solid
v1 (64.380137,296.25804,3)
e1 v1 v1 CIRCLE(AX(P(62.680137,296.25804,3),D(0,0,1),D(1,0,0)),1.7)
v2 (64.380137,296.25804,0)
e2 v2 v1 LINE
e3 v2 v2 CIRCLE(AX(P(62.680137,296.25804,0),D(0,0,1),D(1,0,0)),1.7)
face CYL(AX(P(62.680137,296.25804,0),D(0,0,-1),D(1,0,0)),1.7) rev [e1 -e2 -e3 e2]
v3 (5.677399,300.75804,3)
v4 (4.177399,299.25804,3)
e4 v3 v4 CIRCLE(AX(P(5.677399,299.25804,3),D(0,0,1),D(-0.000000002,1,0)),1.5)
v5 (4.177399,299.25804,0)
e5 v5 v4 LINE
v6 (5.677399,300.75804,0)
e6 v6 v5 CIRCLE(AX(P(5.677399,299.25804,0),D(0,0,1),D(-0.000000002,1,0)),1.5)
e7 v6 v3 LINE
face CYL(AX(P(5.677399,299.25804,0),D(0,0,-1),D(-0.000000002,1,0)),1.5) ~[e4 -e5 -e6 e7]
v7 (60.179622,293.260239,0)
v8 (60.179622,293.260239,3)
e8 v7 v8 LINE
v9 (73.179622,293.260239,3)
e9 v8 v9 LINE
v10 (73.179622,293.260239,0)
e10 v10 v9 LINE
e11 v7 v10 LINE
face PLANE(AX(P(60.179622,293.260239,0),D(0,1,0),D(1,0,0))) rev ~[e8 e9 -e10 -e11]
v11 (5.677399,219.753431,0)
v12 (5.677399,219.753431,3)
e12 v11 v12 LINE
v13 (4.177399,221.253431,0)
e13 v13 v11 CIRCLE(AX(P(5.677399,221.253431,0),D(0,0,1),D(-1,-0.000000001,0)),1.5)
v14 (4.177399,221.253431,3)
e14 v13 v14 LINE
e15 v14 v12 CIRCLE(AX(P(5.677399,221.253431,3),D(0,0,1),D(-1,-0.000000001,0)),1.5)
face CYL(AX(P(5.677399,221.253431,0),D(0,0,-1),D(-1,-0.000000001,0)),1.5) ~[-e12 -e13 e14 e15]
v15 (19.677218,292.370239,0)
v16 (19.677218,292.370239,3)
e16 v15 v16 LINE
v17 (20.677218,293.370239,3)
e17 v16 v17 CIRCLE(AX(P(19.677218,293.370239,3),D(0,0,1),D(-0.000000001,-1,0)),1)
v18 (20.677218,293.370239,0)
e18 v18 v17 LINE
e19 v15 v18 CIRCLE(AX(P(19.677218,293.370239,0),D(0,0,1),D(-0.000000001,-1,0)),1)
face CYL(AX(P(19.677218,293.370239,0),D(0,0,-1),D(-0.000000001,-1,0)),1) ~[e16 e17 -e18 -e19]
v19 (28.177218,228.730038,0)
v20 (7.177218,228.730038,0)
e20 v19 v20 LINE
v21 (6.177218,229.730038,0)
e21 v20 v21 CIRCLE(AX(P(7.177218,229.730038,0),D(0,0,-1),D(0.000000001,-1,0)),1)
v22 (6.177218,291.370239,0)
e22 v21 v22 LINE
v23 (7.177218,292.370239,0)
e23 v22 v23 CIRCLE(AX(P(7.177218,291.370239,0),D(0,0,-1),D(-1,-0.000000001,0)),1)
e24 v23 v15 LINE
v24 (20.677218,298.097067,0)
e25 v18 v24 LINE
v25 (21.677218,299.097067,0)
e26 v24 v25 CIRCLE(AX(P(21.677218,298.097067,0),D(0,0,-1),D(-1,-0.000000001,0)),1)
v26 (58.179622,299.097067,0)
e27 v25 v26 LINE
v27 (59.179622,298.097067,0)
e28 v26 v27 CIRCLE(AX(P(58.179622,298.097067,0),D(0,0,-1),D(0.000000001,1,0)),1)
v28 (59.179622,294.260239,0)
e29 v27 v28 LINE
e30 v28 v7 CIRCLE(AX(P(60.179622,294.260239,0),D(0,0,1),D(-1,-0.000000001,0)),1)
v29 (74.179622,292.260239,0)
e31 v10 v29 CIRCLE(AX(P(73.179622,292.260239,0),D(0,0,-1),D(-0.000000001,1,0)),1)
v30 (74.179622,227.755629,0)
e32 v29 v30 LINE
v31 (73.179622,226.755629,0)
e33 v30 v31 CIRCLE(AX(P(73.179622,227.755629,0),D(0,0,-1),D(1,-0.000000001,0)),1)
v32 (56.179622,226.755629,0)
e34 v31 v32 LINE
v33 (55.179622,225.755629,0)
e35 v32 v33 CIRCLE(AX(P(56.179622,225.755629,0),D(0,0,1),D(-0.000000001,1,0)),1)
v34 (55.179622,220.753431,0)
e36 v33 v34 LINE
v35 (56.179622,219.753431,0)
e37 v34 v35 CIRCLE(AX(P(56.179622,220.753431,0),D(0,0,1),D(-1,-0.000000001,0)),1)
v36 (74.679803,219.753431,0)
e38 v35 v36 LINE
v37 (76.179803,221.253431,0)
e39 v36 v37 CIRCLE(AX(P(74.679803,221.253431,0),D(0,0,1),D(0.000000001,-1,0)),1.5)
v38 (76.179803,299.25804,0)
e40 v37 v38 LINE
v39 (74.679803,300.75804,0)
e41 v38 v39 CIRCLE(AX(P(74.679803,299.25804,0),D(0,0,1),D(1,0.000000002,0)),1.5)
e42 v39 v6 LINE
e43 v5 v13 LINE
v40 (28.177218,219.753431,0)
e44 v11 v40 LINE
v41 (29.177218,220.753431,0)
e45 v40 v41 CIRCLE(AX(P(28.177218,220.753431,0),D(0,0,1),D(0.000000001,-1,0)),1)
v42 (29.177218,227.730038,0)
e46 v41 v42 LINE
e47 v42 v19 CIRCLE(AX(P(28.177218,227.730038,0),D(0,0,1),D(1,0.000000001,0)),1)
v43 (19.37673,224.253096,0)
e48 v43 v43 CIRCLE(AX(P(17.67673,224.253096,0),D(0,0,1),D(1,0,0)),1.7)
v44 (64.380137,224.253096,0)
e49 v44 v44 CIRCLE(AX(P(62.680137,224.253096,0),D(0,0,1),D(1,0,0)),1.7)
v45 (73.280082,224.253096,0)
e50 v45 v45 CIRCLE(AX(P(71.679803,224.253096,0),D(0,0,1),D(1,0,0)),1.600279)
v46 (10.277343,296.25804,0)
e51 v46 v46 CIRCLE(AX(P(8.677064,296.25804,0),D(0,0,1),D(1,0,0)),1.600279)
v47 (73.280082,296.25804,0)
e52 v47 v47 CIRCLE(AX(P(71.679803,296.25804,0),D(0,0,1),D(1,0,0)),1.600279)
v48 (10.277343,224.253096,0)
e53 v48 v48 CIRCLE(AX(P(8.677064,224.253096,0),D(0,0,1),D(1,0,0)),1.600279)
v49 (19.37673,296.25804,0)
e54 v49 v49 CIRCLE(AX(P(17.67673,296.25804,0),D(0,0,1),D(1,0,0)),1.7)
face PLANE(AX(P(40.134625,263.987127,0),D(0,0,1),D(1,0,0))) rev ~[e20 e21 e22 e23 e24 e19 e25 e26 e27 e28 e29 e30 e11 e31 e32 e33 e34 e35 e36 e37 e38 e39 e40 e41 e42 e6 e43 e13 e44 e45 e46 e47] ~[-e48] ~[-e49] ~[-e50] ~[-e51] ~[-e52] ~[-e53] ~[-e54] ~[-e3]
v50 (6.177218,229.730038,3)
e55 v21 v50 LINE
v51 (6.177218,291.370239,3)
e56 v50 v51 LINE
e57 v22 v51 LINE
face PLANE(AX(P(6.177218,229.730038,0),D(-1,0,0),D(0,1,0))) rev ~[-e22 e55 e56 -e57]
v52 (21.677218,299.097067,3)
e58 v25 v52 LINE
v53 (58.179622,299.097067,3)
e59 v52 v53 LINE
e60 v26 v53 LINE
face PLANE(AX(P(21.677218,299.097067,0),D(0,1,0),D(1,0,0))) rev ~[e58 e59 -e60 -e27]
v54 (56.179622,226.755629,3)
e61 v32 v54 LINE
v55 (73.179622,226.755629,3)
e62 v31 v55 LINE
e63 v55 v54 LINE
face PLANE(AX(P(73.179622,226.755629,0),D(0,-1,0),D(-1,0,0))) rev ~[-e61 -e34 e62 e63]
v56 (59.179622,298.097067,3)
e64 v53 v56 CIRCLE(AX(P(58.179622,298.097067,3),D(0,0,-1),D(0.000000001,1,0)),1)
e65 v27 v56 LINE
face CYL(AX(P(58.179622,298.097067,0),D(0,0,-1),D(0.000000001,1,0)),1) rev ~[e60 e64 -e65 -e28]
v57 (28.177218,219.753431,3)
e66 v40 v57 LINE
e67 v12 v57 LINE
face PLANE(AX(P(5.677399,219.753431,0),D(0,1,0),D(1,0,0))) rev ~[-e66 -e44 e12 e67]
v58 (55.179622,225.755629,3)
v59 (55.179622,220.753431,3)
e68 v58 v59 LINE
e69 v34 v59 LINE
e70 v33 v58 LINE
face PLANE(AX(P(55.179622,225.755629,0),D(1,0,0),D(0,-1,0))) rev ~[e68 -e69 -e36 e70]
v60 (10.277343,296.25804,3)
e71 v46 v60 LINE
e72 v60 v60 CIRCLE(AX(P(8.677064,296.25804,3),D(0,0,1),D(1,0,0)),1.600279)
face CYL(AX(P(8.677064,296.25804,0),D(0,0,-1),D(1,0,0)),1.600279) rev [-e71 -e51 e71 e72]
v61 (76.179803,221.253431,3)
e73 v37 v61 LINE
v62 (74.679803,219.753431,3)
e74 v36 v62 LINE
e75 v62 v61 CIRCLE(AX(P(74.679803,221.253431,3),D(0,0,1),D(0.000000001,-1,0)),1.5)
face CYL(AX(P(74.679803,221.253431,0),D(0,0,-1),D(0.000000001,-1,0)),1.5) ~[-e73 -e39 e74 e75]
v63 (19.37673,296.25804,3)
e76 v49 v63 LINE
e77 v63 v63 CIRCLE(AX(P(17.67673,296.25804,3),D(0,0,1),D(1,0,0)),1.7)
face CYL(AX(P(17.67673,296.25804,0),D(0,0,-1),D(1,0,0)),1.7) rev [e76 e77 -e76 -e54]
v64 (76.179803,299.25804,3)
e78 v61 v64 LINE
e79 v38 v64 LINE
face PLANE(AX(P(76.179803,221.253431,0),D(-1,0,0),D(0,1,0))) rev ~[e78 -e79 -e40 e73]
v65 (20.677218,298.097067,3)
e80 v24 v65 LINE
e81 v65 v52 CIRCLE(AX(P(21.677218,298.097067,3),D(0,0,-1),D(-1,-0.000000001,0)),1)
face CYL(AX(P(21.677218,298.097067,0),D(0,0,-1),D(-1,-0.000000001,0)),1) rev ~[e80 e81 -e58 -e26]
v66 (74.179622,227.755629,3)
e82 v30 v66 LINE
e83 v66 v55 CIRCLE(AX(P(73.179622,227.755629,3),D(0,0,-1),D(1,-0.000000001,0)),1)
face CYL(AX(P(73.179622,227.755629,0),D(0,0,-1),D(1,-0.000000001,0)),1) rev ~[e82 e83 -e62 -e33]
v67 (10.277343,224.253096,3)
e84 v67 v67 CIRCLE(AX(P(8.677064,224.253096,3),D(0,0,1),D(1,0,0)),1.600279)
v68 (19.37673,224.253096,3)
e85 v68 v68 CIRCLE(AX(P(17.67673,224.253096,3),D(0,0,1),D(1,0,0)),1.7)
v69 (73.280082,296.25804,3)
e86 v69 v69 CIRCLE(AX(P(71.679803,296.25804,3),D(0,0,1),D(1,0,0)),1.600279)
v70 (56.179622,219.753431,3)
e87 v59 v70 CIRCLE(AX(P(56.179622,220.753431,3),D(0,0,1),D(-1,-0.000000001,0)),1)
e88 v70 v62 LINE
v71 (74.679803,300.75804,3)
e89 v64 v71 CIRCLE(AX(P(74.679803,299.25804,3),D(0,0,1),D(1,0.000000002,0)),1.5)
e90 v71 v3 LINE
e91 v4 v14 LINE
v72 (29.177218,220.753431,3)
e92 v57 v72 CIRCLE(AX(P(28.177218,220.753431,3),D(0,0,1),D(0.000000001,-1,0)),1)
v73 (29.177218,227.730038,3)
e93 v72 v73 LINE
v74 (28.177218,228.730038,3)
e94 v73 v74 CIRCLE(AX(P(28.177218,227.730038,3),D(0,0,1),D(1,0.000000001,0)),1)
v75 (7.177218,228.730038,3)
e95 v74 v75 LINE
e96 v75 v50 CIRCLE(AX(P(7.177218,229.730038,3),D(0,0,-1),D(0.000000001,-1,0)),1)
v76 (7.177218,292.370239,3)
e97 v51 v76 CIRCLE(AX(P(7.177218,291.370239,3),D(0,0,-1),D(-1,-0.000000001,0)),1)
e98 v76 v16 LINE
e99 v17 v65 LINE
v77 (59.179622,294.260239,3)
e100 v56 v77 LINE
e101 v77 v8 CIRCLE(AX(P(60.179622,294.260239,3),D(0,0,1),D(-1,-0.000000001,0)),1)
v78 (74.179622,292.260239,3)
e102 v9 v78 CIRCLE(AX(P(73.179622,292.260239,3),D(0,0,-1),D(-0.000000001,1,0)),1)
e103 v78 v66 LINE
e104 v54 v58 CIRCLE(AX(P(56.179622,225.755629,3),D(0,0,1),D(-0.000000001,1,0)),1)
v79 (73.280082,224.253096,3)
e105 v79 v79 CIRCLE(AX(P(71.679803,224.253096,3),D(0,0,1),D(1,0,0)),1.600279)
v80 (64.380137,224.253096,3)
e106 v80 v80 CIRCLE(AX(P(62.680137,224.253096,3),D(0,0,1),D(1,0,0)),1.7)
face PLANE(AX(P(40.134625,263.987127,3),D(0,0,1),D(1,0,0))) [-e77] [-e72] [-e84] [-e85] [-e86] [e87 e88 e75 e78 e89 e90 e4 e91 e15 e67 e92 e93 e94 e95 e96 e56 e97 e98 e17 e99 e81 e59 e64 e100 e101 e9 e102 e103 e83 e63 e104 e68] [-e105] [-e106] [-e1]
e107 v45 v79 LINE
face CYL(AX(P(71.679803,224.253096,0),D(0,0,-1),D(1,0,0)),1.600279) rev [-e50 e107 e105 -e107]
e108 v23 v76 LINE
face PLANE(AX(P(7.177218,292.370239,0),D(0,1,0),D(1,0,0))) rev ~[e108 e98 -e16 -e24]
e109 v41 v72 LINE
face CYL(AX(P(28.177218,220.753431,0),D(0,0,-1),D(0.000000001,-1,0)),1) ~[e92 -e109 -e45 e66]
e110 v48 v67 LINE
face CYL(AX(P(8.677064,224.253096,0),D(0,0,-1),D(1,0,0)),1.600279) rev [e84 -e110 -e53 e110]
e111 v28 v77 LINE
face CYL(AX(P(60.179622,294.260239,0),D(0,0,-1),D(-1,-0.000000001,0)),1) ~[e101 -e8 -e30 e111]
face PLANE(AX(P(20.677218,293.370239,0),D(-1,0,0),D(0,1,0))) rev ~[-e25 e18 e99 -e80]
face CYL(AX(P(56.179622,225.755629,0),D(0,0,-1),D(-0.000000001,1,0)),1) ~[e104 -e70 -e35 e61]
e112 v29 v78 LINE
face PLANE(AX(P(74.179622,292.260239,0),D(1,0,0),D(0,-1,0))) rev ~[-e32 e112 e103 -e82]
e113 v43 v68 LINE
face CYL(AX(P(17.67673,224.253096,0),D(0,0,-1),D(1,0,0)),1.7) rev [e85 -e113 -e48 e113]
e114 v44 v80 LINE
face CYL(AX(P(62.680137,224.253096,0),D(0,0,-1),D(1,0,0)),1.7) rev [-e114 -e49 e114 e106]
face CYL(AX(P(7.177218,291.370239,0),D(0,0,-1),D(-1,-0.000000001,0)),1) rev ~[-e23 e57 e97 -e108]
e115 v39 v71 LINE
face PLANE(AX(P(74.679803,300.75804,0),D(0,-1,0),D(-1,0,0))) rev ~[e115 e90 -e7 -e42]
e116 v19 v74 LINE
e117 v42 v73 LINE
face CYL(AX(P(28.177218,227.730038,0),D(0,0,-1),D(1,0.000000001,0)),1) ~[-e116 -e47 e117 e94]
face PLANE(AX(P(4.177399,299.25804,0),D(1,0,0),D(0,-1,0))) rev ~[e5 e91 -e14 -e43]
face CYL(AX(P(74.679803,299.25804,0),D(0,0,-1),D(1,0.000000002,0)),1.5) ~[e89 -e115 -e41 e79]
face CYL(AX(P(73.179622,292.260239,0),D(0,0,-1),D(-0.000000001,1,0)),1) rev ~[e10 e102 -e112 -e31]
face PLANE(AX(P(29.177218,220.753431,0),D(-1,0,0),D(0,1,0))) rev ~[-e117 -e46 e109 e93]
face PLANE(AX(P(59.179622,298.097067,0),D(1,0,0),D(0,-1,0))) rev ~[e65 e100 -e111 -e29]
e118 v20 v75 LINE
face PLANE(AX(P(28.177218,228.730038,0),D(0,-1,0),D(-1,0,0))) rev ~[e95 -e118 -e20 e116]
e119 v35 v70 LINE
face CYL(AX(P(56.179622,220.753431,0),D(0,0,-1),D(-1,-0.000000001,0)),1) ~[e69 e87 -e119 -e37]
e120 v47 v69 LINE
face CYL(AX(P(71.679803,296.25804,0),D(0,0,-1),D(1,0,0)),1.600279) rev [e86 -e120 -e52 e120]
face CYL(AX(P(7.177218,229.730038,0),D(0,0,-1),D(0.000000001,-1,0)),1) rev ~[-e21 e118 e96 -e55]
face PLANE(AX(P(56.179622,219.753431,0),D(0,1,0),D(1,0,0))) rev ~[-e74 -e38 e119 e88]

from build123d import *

# Parameters (mm, degrees)
MODEL_R                 = 1.7
MODEL_R_2               = 1.600279216
SALIENTE_EXTRUIR1_DEPTH = 3


with BuildPart() as part:
    # Model → Saliente-Extruir1 (new body)
    with BuildSketch(Plane.XY):
        with BuildLine():
            Line((74.679802956, 300.758040435), (5.677398721, 300.758040435))
            ThreePointArc((5.677398721, 300.758040435), (4.61673855, 300.318700606), (4.177398721, 299.258040435))
            Line((4.177398721, 299.258040435), (4.177398721, 221.253430577))
            ThreePointArc((4.177398721, 221.253430577), (4.61673855, 220.192770405), (5.677398721, 219.753430577))
            Line((5.677398721, 219.753430577), (28.17721751, 219.753430577))
            ThreePointArc((28.17721751, 219.753430577), (28.884324291, 220.046323796), (29.17721751, 220.753430577))
            Line((29.17721751, 220.753430577), (29.17721751, 227.730037779))
            ThreePointArc((29.17721751, 227.730037779), (28.884324291, 228.43714456), (28.17721751, 228.730037779))
            Line((28.17721751, 228.730037779), (7.17721751, 228.730037779))
            ThreePointArc((7.17721751, 228.730037779), (6.470110728, 229.022930998), (6.17721751, 229.730037779))
            Line((6.17721751, 229.730037779), (6.17721751, 291.370238846))
            ThreePointArc((6.17721751, 291.370238846), (6.470110728, 292.077345627), (7.17721751, 292.370238846))
            Line((7.17721751, 292.370238846), (19.67721751, 292.370238846))
            ThreePointArc((19.67721751, 292.370238846), (20.384324291, 292.663132064), (20.67721751, 293.370238846))
            Line((20.67721751, 293.370238846), (20.67721751, 298.097066693))
            ThreePointArc((20.67721751, 298.097066693), (20.970110728, 298.804173474), (21.67721751, 299.097066693))
            Line((21.67721751, 299.097066693), (58.179621744, 299.097066693))
            ThreePointArc((58.179621744, 299.097066693), (58.886728525, 298.804173474), (59.179621744, 298.097066693))
            Line((59.179621744, 298.097066693), (59.179621744, 294.260238845))
            ThreePointArc((59.179621744, 294.260238845), (59.472514963, 293.553132064), (60.179621744, 293.260238845))
            Line((60.179621744, 293.260238845), (73.179621744, 293.260238845))
            ThreePointArc((73.179621744, 293.260238845), (73.886728525, 292.967345627), (74.179621744, 292.260238845))
            Line((74.179621744, 292.260238845), (74.179621744, 227.755628988))
            ThreePointArc((74.179621744, 227.755628988), (73.886728525, 227.048522207), (73.179621744, 226.755628988))
            Line((73.179621744, 226.755628988), (56.179621744, 226.755628988))
            ThreePointArc((56.179621744, 226.755628988), (55.472514963, 226.462735769), (55.179621744, 225.755628988))
            Line((55.179621744, 225.755628988), (55.179621744, 220.753430577))
            ThreePointArc((55.179621744, 220.753430577), (55.472514963, 220.046323796), (56.179621744, 219.753430577))
            Line((56.179621744, 219.753430577), (74.679802956, 219.753430577))
            ThreePointArc((74.679802956, 219.753430577), (75.740463127, 220.192770405), (76.179802956, 221.253430577))
            Line((76.179802956, 221.253430577), (76.179802956, 299.258040435))
            ThreePointArc((76.179802956, 299.258040435), (75.740463127, 300.318700606), (74.679802956, 300.758040435))
        make_face()
        with Locations((17.676729717, 224.253096075)):
            Circle(MODEL_R, mode=Mode.SUBTRACT)
        with Locations((62.680137458, 224.253096075)):
            Circle(MODEL_R, mode=Mode.SUBTRACT)
        with Locations((8.677064219, 224.253096075)):
            Circle(MODEL_R_2, mode=Mode.SUBTRACT)
        with Locations((71.679802956, 224.253096075)):
            Circle(MODEL_R_2, mode=Mode.SUBTRACT)
        with Locations((17.676729717, 296.258040435)):
            Circle(MODEL_R, mode=Mode.SUBTRACT)
        with Locations((62.680137458, 296.258040435)):
            Circle(MODEL_R, mode=Mode.SUBTRACT)
        with Locations((71.679802956, 296.258040435)):
            Circle(MODEL_R_2, mode=Mode.SUBTRACT)
        with Locations((8.677064219, 296.258040435)):
            Circle(MODEL_R_2, mode=Mode.SUBTRACT)
    extrude(amount=SALIENTE_EXTRUIR1_DEPTH)


solid = part.part
